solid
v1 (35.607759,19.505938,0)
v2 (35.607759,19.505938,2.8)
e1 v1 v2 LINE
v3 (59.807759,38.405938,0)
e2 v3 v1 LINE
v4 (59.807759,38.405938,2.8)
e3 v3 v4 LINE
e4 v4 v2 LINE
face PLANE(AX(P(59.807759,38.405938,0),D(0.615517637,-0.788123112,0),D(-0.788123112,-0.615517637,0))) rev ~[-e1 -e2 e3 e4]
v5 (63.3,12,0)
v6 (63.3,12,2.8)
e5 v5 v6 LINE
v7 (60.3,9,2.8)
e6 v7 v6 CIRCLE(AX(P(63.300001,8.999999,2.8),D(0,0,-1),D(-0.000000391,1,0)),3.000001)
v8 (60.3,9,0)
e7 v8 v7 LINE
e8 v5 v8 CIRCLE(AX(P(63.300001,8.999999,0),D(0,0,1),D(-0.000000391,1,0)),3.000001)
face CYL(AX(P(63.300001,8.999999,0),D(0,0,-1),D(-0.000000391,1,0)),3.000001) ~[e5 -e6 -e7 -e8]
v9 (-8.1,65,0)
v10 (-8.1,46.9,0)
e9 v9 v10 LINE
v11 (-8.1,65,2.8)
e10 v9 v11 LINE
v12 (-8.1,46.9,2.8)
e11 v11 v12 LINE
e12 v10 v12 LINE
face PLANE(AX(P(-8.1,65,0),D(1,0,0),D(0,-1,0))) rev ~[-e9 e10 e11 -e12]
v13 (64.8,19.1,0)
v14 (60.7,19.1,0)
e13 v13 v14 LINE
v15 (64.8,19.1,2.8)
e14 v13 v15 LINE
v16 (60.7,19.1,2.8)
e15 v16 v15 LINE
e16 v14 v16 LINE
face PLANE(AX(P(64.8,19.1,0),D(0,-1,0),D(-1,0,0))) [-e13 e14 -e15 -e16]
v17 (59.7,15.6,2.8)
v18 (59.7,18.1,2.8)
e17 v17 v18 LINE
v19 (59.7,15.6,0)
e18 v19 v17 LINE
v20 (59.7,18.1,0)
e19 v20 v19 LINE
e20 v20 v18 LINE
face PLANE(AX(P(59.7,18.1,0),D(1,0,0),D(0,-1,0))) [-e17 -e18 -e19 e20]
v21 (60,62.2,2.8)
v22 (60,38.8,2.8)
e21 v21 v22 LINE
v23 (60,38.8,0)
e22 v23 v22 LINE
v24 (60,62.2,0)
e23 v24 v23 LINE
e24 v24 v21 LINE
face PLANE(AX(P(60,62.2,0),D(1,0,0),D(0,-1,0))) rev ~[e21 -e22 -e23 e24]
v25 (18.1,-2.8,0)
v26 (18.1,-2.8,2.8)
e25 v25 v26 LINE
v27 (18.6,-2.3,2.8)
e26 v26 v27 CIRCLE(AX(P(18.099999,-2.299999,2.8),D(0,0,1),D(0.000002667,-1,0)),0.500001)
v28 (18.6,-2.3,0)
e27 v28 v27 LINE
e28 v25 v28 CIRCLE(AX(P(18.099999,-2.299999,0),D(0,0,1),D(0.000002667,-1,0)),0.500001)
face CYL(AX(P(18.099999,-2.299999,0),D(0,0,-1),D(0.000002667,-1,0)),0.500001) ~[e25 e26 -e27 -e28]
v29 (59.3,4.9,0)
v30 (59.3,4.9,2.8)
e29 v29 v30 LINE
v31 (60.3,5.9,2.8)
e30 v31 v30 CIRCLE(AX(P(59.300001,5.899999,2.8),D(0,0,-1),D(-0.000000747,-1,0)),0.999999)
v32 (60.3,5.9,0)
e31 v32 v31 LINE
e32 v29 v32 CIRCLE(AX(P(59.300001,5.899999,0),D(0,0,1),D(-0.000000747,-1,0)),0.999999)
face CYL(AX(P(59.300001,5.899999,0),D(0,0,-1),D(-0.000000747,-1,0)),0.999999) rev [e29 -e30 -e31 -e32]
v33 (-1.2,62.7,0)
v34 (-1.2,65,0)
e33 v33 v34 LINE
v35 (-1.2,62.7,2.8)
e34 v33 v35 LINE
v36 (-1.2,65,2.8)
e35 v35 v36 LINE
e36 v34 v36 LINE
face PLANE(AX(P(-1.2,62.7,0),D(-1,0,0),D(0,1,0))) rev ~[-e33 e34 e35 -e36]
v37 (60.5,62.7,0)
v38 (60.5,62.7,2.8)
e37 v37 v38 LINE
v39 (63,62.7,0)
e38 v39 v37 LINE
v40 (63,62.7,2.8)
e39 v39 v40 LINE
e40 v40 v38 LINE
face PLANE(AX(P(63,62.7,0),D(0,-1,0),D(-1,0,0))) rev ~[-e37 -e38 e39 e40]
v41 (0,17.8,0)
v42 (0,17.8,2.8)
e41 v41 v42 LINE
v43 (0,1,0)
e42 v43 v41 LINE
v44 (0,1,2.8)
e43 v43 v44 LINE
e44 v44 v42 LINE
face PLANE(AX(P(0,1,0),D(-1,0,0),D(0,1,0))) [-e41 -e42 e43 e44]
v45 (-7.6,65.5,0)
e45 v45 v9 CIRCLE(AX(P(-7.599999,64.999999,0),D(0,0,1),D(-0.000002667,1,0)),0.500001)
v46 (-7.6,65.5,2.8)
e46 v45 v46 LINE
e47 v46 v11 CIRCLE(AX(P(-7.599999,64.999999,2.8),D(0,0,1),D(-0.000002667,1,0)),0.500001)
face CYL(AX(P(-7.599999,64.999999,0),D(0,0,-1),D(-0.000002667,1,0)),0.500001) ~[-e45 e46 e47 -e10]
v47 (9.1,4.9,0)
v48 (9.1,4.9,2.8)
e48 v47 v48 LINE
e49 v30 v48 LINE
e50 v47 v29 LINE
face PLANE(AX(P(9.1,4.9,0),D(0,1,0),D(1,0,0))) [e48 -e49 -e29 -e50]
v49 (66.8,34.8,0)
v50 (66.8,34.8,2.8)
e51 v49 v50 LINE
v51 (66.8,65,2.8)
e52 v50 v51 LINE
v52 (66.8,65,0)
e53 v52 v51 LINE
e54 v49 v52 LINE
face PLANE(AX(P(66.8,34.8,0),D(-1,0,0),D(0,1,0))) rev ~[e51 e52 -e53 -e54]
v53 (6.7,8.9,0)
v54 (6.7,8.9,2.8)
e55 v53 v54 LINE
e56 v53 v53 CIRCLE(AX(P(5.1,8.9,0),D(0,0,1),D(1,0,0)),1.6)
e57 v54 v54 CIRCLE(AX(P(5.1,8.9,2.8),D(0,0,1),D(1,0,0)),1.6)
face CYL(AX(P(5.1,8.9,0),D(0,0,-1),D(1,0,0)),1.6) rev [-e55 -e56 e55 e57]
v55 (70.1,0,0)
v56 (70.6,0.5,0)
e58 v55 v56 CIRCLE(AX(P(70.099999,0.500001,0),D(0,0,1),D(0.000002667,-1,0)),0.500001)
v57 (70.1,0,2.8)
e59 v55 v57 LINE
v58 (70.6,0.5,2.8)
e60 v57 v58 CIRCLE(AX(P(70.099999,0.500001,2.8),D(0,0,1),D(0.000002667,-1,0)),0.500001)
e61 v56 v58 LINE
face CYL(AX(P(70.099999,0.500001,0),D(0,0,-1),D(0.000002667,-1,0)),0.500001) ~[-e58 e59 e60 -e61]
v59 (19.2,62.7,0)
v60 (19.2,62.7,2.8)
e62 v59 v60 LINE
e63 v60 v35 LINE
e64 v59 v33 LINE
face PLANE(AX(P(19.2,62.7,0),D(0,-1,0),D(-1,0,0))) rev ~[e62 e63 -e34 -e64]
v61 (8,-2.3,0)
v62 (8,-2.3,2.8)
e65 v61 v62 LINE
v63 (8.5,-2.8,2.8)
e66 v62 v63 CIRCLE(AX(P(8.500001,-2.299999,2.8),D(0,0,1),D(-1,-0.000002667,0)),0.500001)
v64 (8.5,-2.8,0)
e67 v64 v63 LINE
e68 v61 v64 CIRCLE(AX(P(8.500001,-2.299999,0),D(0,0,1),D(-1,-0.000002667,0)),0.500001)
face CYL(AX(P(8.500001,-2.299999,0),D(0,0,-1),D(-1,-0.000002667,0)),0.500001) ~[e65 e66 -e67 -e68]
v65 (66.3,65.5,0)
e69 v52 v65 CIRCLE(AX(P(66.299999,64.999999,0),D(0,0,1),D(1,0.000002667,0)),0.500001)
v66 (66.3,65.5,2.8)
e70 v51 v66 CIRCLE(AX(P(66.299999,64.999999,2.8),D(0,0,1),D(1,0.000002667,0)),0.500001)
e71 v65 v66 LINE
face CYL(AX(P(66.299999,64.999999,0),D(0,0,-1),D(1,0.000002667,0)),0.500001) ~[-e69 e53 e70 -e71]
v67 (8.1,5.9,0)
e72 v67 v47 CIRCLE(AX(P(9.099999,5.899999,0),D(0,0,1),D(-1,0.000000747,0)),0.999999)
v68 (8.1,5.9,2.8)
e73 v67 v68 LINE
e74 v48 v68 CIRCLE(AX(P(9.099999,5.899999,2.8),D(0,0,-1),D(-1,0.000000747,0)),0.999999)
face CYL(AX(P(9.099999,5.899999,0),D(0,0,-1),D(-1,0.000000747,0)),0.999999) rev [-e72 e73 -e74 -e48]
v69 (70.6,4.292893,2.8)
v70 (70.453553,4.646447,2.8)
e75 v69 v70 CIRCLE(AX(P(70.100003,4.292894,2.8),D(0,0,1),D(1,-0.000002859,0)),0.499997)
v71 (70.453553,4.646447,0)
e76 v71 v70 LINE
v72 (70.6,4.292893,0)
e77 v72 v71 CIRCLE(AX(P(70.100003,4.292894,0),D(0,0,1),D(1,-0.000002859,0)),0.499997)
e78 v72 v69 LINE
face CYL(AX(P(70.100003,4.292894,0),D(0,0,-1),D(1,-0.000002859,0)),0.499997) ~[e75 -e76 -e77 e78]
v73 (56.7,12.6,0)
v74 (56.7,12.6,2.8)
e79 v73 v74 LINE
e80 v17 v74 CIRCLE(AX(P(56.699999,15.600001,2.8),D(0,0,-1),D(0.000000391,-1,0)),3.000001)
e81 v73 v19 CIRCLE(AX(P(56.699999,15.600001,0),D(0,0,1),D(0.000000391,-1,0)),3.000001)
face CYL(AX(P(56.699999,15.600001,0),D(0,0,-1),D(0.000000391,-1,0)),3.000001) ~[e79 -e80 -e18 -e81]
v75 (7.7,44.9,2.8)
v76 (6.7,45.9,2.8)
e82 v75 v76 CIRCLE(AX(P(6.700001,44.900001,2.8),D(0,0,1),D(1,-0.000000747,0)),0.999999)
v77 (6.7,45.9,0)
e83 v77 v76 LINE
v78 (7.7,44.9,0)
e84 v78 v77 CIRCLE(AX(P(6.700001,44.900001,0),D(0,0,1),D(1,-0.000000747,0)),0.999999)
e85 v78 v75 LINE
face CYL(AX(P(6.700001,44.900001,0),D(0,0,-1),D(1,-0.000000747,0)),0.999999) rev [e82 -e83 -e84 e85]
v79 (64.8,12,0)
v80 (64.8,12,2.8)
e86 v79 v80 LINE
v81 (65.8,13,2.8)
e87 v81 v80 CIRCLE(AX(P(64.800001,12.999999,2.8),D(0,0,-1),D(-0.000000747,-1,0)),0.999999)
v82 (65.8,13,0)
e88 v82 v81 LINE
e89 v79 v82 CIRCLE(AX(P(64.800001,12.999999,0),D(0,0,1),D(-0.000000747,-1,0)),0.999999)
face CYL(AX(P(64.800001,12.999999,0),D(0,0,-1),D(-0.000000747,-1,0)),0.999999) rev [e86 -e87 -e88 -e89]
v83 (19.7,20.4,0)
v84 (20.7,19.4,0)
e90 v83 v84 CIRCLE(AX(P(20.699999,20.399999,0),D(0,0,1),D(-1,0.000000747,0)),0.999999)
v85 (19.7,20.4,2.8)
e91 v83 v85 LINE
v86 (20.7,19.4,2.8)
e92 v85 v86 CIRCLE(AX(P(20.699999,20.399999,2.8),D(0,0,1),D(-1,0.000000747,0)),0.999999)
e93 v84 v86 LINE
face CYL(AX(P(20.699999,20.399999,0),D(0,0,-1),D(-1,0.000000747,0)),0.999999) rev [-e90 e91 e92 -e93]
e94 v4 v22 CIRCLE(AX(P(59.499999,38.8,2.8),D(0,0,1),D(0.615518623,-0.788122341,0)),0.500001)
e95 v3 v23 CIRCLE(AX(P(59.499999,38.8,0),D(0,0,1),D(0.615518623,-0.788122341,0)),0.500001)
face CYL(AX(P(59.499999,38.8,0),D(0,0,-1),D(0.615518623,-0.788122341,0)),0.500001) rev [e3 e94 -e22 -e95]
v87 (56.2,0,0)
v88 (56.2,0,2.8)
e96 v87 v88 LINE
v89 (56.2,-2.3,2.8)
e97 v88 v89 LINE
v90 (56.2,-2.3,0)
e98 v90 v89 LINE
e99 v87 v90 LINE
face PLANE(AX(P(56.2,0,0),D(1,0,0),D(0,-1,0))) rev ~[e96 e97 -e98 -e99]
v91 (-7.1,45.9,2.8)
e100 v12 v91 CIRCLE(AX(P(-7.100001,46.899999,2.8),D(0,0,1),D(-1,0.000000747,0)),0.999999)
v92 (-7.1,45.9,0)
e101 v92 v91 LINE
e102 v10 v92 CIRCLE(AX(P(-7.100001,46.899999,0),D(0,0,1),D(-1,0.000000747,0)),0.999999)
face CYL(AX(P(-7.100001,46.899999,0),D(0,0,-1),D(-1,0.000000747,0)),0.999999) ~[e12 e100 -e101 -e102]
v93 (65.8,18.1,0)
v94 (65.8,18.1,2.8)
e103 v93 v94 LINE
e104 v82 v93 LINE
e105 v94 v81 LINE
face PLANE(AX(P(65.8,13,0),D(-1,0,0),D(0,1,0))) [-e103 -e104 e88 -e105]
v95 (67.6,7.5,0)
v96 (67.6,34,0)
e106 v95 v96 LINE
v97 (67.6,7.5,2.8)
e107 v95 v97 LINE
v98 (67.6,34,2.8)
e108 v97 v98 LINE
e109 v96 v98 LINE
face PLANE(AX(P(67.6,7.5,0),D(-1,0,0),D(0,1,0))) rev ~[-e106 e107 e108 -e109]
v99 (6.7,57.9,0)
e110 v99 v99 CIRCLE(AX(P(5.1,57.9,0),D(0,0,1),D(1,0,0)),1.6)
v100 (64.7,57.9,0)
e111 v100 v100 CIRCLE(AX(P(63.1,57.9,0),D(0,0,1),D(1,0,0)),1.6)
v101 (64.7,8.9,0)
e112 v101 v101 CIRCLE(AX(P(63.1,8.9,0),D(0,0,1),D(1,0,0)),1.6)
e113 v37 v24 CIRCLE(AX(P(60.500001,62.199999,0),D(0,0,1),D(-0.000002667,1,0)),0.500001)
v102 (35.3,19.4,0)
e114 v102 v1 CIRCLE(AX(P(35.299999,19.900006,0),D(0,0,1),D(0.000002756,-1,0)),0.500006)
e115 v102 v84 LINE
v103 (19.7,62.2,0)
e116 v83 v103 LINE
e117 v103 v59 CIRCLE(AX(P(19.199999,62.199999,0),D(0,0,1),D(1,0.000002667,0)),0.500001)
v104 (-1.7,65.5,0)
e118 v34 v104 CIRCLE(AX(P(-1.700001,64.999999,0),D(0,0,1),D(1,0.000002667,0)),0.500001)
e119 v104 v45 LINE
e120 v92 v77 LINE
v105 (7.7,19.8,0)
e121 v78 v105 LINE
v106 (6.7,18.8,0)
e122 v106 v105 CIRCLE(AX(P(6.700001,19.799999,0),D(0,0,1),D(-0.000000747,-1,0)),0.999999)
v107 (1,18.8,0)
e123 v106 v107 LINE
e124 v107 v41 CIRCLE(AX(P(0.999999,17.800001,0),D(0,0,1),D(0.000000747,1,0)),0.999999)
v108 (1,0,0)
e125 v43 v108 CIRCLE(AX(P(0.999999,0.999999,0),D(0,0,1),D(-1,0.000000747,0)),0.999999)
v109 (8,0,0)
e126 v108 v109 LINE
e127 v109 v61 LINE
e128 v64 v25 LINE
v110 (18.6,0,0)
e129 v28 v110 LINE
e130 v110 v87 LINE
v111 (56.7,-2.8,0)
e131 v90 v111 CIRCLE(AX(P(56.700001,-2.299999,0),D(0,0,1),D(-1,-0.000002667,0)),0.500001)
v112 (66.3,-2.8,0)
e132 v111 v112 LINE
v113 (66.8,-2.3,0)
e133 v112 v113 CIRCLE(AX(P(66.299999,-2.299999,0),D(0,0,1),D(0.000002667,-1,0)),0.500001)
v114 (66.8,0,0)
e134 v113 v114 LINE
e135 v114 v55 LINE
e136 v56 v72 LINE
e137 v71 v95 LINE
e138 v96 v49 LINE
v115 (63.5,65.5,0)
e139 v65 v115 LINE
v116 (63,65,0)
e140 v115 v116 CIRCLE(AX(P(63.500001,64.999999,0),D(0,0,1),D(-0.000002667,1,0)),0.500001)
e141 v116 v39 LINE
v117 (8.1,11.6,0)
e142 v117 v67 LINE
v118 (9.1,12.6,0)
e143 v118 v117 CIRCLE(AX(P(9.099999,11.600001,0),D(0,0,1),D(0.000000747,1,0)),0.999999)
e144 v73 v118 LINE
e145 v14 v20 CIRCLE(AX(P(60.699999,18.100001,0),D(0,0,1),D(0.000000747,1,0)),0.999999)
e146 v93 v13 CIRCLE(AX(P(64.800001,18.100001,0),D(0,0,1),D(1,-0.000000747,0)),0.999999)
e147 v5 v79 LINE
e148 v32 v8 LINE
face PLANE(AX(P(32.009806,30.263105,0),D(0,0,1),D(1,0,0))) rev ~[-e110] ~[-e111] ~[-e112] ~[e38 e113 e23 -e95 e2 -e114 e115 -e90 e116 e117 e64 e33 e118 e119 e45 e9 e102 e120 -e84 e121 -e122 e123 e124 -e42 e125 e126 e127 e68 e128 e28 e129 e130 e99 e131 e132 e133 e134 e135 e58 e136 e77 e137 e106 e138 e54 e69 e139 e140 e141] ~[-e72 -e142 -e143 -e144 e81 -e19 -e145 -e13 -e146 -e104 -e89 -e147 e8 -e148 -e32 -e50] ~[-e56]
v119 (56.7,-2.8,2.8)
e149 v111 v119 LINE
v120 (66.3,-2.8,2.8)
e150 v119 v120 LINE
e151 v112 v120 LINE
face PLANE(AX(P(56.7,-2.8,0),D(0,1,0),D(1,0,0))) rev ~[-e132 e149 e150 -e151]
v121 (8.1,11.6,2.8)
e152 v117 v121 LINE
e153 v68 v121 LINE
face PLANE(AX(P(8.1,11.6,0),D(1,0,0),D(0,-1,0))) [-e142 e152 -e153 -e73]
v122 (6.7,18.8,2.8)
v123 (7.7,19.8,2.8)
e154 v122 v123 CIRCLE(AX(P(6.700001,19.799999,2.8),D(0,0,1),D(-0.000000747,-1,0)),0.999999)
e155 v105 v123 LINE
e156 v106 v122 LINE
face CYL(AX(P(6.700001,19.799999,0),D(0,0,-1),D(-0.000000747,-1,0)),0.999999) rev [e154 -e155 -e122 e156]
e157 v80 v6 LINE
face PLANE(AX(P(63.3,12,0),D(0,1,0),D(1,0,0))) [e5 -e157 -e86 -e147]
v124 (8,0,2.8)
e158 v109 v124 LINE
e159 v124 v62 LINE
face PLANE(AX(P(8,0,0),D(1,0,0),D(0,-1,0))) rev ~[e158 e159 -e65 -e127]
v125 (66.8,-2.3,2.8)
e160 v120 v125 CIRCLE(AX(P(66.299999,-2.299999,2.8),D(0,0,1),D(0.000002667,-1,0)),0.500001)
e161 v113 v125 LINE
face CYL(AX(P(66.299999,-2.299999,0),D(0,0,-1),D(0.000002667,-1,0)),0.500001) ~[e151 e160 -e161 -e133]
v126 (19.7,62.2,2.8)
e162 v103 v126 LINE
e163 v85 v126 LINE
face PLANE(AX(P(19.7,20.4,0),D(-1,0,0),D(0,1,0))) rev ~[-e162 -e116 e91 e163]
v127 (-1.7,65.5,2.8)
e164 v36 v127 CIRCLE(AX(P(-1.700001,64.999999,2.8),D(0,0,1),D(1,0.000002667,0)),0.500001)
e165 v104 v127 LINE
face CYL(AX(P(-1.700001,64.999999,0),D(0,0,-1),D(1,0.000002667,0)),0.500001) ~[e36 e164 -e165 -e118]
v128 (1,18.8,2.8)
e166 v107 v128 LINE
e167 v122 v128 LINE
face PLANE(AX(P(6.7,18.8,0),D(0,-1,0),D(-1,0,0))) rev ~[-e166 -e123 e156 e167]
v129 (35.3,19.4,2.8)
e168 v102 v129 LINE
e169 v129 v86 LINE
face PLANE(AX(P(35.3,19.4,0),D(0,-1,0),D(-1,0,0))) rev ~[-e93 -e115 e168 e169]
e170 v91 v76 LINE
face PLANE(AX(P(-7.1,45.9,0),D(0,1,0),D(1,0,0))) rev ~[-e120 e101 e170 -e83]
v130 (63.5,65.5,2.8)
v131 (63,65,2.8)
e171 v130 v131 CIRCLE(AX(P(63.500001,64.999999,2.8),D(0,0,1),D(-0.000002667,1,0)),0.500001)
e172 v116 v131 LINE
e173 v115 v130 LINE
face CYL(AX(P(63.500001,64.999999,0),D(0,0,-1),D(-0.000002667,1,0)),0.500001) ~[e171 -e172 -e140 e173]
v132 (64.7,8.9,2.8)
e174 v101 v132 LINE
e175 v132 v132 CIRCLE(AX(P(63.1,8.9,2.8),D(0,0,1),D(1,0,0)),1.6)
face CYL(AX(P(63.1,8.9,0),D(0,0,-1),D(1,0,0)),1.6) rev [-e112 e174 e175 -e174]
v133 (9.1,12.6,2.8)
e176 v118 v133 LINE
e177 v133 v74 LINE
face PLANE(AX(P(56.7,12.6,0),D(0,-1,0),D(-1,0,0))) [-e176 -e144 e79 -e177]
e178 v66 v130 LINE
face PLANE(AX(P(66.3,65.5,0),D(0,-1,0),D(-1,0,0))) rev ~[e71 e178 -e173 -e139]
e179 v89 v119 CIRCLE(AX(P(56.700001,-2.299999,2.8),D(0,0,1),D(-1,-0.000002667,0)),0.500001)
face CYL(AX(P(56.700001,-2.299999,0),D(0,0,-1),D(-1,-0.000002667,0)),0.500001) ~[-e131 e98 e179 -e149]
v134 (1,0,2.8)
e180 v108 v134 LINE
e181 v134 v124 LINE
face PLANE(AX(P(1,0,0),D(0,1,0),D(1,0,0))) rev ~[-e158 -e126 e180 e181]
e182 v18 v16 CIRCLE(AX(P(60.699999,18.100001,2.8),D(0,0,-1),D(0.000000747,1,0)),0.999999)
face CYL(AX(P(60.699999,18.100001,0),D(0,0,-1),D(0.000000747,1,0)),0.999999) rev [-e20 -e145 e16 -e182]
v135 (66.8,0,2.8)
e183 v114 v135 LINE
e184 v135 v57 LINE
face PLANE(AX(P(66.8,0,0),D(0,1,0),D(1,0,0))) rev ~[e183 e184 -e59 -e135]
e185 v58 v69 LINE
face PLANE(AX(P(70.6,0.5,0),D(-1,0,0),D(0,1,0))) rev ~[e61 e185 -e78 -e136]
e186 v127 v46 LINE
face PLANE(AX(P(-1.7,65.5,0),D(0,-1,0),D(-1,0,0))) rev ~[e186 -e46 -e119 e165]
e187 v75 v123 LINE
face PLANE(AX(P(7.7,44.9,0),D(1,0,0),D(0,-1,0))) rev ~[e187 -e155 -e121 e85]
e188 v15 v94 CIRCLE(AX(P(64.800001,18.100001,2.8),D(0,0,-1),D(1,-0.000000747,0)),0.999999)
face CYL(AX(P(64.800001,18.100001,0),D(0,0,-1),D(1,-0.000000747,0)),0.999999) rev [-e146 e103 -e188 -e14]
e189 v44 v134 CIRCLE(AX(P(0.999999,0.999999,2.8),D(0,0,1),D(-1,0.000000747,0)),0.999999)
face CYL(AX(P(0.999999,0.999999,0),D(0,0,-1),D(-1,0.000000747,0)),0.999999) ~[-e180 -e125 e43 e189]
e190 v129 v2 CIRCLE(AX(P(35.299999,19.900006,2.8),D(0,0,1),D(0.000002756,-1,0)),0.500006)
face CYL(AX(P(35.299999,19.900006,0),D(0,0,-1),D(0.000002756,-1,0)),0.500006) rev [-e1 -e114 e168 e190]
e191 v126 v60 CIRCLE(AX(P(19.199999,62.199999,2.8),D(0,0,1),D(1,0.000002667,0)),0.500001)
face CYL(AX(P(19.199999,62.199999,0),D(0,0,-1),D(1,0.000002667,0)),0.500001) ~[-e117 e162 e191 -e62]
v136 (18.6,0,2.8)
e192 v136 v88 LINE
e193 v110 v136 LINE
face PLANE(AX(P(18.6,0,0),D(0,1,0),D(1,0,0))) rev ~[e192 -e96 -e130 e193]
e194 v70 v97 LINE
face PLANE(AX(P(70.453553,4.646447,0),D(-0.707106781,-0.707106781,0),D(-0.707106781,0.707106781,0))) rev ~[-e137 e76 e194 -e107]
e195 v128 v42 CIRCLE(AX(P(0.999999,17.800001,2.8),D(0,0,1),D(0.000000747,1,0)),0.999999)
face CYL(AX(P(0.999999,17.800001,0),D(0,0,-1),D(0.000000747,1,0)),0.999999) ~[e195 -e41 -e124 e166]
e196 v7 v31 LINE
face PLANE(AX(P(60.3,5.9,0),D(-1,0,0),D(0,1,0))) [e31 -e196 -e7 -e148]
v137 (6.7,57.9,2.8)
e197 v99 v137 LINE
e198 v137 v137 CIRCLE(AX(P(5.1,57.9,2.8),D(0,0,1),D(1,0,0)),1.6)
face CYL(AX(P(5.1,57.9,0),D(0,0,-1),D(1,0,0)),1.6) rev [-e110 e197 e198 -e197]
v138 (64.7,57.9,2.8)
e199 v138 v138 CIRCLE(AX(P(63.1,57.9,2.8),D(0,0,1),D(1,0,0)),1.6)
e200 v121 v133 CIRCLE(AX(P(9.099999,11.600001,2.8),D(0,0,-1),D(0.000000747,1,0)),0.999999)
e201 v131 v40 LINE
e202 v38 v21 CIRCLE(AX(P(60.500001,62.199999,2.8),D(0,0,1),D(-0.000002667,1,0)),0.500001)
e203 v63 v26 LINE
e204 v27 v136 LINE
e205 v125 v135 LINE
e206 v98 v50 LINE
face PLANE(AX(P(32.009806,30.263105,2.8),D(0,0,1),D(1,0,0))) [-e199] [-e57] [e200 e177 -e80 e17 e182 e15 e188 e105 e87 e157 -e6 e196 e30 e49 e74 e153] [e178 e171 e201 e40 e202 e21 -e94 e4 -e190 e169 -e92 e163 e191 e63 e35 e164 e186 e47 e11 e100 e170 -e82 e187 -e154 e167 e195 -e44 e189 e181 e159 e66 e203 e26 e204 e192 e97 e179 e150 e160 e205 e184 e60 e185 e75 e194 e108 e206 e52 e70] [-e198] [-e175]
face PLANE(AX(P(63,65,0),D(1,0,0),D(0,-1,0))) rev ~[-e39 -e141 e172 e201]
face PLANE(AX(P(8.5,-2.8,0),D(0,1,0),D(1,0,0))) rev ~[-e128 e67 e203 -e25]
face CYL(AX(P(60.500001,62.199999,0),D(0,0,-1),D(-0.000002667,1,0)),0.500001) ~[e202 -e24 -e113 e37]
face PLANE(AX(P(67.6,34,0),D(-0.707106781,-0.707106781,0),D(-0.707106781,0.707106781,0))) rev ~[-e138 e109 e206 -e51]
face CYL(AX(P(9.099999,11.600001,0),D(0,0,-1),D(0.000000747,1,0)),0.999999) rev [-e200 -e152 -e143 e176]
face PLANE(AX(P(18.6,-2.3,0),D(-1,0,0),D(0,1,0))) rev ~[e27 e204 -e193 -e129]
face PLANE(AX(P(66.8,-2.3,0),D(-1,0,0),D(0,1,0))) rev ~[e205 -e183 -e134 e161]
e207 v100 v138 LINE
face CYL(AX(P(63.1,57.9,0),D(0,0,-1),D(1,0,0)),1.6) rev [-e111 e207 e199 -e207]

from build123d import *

# Parameters (mm, degrees)
SKETCH_R     = 1.6
PAD_DEPTH    = 2.8
POCKET_DEPTH = 2.801


with BuildPart() as part:
    # Sketch → Pad (new body)
    with BuildSketch(Plane.XY):
        with BuildLine():
            Line((1, 0), (8, 0))
            Line((8, 0), (8, -2.3))
            ThreePointArc((8, -2.3), (8.146447, -2.653553), (8.5, -2.8))
            Line((8.5, -2.8), (18.1, -2.8))
            ThreePointArc((18.1, -2.8), (18.453553, -2.653553), (18.6, -2.3))
            Line((18.6, -2.3), (18.6, 0))
            Line((18.6, 0), (56.2, 0))
            Line((56.2, 0), (56.2, -2.3))
            ThreePointArc((56.2, -2.3), (56.346447, -2.653553), (56.7, -2.8))
            Line((56.7, -2.8), (66.3, -2.8))
            ThreePointArc((66.3, -2.8), (66.653553, -2.653553), (66.8, -2.3))
            Line((66.8, -2.3), (66.8, 0))
            Line((66.8, 0), (70.1, 0))
            ThreePointArc((70.1, 0), (70.453553, 0.146447), (70.6, 0.5))
            Line((70.6, 0.5), (70.6, 4.292893))
            ThreePointArc((70.6, 4.292893), (70.56194, 4.484235), (70.453553, 4.646447))
            Line((70.453553, 4.646447), (67.6, 7.5))
            Line((67.6, 7.5), (67.6, 34))
            Line((67.6, 34), (66.8, 34.8))
            Line((66.8, 34.8), (66.8, 65))
            ThreePointArc((66.8, 65), (66.653553, 65.353553), (66.3, 65.5))
            Line((66.3, 65.5), (63.5, 65.5))
            ThreePointArc((63.5, 65.5), (63.146447, 65.353553), (63, 65))
            Line((63, 65), (63, 62.7))
            Line((63, 62.7), (60.5, 62.7))
            ThreePointArc((60.5, 62.7), (60.146447, 62.553553), (60, 62.2))
            Line((60, 62.2), (60, 38.8))
            ThreePointArc((59.807759, 38.405938), (59.949377, 38.580773), (60, 38.8))
            Line((59.807759, 38.405938), (35.607759, 19.505938))
            ThreePointArc((35.3, 19.4), (35.462741, 19.427226), (35.607759, 19.505938))
            Line((35.3, 19.4), (20.7, 19.4))
            ThreePointArc((19.7, 20.4), (19.992893, 19.692893), (20.7, 19.4))
            Line((19.7, 20.4), (19.7, 62.2))
            ThreePointArc((19.7, 62.2), (19.553553, 62.553553), (19.2, 62.7))
            Line((19.2, 62.7), (-1.2, 62.7))
            Line((-1.2, 62.7), (-1.2, 65))
            ThreePointArc((-1.2, 65), (-1.346447, 65.353553), (-1.7, 65.5))
            Line((-1.7, 65.5), (-7.6, 65.5))
            ThreePointArc((-7.6, 65.5), (-7.953553, 65.353553), (-8.1, 65))
            Line((-8.1, 65), (-8.1, 46.9))
            ThreePointArc((-8.1, 46.9), (-7.807107, 46.192893), (-7.1, 45.9))
            Line((-7.1, 45.9), (6.7, 45.9))
            ThreePointArc((7.7, 44.9), (7.407107, 45.607107), (6.7, 45.9))
            Line((7.7, 44.9), (7.7, 19.8))
            ThreePointArc((6.7, 18.8), (7.407107, 19.092893), (7.7, 19.8))
            Line((6.7, 18.8), (1, 18.8))
            ThreePointArc((1, 18.8), (0.292893, 18.507107), (0, 17.8))
            Line((0, 1), (0, 17.8))
            ThreePointArc((0, 1), (0.292893, 0.292893), (1, 0))
        make_face()
        with Locations((5.1, 57.9)):
            Circle(SKETCH_R, mode=Mode.SUBTRACT)
        with Locations((63.1, 57.9)):
            Circle(SKETCH_R, mode=Mode.SUBTRACT)
        with Locations((5.1, 8.9)):
            Circle(SKETCH_R, mode=Mode.SUBTRACT)
        with Locations((63.1, 8.9)):
            Circle(SKETCH_R, mode=Mode.SUBTRACT)
    extrude(amount=PAD_DEPTH)

    # Sketch001 → Pocket (cut, through all)
    with BuildSketch(Plane.XY):
        with BuildLine():
            Line((64.8, 19.1), (60.7, 19.1))
            ThreePointArc((60.7, 19.1), (59.992893, 18.807107), (59.7, 18.1))
            Line((59.7, 18.1), (59.7, 15.6))
            ThreePointArc((56.7, 12.6), (58.82132, 13.47868), (59.7, 15.6))
            Line((56.7, 12.6), (9.1, 12.6))
            ThreePointArc((9.1, 12.6), (8.392893, 12.307107), (8.1, 11.6))
            Line((8.1, 11.6), (8.1, 5.9))
            ThreePointArc((8.1, 5.9), (8.392893, 5.192893), (9.1, 4.9))
            Line((9.1, 4.9), (59.3, 4.9))
            ThreePointArc((59.3, 4.9), (60.007107, 5.192893), (60.3, 5.9))
            Line((60.3, 5.9), (60.3, 9))
            ThreePointArc((63.3, 12), (61.17868, 11.12132), (60.3, 9))
            Line((63.3, 12), (64.8, 12))
            ThreePointArc((64.8, 12), (65.507107, 12.292893), (65.8, 13))
            Line((65.8, 13), (65.8, 18.1))
            ThreePointArc((65.8, 18.1), (65.507107, 18.807107), (64.8, 19.1))
        make_face()
    extrude(amount=POCKET_DEPTH, mode=Mode.SUBTRACT)


solid = part.part
